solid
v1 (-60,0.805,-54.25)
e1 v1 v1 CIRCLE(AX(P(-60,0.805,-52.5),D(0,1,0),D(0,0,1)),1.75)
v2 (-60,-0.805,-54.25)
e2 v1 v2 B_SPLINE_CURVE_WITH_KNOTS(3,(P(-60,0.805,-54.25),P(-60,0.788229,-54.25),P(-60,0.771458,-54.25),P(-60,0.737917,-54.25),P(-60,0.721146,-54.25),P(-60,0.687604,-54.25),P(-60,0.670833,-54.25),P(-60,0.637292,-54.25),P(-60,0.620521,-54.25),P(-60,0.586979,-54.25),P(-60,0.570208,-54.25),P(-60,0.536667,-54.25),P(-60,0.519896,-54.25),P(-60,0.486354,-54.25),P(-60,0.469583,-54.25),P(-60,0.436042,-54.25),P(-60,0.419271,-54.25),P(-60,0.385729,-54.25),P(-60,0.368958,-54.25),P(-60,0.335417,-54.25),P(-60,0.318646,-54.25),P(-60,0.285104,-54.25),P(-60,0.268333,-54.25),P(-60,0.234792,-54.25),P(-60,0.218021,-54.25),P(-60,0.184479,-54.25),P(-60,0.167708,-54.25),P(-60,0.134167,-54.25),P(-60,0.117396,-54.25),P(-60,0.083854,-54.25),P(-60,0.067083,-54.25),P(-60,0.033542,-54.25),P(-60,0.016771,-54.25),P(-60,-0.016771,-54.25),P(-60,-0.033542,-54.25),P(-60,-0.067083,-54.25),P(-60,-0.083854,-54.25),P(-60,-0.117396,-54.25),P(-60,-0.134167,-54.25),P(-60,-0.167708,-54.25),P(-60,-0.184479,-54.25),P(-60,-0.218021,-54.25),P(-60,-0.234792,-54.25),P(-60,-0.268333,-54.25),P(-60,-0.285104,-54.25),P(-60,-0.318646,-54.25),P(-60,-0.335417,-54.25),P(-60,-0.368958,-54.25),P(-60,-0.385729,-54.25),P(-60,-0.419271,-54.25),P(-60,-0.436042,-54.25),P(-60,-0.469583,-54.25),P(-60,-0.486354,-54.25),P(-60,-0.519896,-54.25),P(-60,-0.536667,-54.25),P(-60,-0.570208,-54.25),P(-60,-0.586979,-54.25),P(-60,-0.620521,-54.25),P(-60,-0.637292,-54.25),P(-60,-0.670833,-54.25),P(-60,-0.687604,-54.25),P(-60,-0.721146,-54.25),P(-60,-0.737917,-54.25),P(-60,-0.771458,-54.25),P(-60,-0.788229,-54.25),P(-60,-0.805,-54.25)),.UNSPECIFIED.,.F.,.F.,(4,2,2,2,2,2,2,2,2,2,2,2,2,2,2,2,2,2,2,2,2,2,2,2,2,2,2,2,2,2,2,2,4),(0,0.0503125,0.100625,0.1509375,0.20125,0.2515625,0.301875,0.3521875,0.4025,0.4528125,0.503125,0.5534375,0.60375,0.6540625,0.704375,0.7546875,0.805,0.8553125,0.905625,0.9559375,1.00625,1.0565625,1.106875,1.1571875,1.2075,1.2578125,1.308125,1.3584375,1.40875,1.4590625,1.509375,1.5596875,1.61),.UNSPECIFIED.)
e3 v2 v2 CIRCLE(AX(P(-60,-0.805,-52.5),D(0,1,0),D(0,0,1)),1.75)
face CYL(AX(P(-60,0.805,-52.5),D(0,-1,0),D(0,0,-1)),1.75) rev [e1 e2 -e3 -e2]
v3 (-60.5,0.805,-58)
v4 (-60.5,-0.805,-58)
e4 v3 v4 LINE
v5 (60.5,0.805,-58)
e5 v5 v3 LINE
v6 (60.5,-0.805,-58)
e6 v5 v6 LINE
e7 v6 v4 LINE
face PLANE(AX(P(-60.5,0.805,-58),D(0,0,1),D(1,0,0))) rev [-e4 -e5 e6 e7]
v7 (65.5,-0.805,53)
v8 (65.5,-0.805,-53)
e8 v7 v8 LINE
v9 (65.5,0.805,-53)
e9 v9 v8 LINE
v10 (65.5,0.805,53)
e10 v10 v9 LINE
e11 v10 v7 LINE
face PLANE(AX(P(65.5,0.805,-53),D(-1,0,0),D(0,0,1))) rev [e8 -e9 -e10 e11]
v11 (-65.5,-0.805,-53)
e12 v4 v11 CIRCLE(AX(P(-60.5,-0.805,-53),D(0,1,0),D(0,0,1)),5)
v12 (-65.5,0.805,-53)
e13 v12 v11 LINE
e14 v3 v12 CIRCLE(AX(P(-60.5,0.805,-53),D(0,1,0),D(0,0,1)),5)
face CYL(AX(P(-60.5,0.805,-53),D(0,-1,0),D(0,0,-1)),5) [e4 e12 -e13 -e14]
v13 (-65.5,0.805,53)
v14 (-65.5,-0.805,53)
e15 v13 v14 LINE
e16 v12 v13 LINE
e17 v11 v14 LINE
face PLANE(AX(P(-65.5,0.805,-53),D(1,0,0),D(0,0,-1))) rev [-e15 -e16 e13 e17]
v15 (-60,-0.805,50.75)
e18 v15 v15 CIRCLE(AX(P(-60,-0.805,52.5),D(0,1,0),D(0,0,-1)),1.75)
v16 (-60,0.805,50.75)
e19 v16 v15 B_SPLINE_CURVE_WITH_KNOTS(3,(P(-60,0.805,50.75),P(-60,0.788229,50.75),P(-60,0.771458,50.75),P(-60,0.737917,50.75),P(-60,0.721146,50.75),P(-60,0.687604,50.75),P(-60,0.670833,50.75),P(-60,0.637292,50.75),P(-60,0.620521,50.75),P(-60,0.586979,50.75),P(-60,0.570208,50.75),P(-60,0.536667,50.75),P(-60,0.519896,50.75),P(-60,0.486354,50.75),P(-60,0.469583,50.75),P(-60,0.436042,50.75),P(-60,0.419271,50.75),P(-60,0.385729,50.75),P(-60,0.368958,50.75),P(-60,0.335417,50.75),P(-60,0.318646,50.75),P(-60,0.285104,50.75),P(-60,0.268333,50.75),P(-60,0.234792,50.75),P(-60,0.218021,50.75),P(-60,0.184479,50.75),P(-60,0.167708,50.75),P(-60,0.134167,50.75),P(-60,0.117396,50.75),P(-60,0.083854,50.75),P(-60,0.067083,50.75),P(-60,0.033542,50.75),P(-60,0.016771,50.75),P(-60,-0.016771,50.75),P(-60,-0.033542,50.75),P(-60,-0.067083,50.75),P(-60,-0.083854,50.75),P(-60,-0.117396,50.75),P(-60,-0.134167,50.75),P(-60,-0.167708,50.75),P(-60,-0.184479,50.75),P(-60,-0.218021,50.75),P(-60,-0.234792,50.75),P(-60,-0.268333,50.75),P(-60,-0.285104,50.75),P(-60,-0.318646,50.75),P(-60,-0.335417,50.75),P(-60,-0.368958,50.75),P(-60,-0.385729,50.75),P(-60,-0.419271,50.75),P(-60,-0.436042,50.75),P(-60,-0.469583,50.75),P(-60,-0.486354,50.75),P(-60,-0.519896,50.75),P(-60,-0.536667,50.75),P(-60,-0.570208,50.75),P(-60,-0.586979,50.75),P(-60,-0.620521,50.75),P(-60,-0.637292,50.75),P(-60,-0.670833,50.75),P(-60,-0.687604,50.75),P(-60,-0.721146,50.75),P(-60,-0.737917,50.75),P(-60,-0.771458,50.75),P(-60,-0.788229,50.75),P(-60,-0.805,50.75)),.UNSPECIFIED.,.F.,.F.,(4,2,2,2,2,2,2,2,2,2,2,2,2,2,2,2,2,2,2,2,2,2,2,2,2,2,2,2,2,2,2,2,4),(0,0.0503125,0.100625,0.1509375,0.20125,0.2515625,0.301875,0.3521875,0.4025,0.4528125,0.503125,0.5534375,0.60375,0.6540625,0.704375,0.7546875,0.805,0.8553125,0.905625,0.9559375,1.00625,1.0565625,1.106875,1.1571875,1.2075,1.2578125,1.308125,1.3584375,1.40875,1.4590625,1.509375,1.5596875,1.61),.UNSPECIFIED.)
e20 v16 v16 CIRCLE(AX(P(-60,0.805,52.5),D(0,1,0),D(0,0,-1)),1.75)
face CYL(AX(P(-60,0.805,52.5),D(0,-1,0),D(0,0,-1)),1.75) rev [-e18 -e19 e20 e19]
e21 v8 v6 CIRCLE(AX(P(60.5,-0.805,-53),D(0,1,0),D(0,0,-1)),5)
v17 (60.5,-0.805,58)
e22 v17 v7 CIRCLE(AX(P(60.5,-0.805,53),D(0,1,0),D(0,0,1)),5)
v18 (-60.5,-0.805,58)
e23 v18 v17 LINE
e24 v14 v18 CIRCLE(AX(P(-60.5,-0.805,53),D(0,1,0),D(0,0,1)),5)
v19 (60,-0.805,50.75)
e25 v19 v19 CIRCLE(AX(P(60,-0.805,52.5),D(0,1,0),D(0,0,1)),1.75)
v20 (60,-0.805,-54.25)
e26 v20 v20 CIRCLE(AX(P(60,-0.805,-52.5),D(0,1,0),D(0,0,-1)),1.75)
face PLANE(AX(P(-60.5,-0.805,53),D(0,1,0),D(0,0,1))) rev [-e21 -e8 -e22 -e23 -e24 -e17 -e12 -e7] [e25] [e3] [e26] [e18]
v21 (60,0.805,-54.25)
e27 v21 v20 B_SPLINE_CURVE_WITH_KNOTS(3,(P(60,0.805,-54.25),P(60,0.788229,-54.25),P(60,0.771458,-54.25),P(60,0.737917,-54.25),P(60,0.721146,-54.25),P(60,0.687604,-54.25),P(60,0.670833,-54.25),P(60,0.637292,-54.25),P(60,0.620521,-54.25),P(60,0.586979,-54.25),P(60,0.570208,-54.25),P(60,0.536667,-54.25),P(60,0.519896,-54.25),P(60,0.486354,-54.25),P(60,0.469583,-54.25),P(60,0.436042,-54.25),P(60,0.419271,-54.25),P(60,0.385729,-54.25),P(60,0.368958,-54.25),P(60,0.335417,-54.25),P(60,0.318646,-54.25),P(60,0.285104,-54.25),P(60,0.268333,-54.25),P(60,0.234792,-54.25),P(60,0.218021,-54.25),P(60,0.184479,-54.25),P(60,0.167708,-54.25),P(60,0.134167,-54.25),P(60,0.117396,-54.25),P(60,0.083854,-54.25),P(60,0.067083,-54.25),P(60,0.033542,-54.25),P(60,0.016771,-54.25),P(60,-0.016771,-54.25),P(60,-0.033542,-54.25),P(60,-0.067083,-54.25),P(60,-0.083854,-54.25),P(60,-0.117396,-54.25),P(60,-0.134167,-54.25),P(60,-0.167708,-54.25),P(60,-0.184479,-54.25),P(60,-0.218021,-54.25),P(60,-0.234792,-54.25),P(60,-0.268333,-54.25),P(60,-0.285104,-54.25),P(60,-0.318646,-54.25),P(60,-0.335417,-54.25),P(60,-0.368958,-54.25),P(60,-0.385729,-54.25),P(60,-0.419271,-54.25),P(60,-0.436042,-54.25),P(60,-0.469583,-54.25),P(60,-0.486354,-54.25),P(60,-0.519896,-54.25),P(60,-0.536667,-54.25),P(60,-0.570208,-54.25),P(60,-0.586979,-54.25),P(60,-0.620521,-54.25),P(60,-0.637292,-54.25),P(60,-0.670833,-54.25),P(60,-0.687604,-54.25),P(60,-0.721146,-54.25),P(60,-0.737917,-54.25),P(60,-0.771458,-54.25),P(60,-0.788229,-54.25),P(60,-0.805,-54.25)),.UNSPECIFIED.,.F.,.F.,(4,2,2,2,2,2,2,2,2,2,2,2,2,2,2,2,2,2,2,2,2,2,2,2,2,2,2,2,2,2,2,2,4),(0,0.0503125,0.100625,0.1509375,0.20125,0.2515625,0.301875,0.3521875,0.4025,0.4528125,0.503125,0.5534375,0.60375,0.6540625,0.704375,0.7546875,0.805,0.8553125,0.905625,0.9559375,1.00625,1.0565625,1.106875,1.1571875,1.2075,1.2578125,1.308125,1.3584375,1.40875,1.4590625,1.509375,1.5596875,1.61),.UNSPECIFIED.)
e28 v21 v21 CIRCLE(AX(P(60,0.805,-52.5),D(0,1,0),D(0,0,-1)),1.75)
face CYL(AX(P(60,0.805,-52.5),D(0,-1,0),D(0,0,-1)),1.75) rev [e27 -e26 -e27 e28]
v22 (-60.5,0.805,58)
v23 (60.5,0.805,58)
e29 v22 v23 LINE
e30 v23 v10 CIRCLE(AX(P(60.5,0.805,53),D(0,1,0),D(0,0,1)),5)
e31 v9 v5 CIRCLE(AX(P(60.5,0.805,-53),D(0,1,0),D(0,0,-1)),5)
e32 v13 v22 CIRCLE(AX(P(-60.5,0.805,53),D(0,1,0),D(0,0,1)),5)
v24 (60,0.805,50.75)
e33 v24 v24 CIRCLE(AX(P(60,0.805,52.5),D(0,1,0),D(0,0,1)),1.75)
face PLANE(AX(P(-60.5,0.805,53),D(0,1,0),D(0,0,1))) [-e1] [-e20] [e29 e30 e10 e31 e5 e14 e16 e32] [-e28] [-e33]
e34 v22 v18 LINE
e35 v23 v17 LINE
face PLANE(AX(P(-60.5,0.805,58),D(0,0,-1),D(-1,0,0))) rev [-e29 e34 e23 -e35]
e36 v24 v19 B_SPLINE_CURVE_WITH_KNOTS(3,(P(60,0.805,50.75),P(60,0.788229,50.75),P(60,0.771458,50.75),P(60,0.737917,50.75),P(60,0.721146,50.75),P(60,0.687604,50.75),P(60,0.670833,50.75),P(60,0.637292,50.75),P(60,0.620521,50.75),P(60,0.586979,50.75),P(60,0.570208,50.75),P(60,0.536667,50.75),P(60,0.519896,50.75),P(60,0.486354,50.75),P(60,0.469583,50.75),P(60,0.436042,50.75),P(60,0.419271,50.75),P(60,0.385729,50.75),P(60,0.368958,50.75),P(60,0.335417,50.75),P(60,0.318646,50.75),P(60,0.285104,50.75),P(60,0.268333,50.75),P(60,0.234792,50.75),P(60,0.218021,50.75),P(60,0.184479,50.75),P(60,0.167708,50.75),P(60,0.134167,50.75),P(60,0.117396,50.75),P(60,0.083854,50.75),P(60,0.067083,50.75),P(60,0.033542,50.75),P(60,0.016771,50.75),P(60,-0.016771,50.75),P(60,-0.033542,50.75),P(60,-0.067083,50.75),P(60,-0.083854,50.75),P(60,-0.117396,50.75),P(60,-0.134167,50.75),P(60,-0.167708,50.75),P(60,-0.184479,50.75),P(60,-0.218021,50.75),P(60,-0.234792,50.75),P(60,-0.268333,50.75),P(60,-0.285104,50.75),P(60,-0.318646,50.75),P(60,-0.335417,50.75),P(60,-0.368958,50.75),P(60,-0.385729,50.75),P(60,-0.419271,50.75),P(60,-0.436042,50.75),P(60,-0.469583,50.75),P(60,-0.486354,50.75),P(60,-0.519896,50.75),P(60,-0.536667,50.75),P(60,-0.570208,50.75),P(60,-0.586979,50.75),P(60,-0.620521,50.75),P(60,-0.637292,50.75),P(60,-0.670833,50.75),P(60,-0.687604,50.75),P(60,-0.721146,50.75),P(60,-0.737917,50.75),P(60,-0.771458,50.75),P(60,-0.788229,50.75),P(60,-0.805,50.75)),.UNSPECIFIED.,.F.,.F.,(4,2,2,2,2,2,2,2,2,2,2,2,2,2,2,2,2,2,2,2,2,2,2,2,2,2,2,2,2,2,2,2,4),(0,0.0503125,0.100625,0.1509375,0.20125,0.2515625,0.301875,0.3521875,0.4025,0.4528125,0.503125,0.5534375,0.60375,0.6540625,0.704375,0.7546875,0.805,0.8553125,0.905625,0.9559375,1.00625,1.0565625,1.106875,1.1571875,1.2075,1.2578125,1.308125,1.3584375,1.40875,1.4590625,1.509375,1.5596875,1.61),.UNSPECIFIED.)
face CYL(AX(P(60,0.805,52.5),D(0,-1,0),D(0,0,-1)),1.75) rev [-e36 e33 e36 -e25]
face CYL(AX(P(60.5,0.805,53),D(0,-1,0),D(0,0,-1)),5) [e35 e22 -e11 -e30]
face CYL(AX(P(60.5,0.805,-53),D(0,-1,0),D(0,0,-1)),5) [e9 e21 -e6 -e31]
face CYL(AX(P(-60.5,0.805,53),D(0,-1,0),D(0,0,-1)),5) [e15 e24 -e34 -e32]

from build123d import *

# Parameters (mm, degrees)
ESQUISSE1_R        = 1.75
BOSS_EXTRU_1_DEPTH = 0.805


with BuildPart() as part:
    # Esquisse1 → Boss.-Extru.1 (new, symmetric)
    with BuildSketch(Plane(origin=(0, 0, 0), x_dir=(1, 0, 0), z_dir=(0, 1, 0))):
        with BuildLine():
            Line((-60.5, 58), (60.5, 58))
            ThreePointArc((60.5, 58), (64.035533906, 56.535533906), (65.5, 53))
            Line((65.5, 53), (65.5, -53))
            ThreePointArc((65.5, -53), (64.035533906, -56.535533906), (60.5, -58))
            Line((60.5, -58), (-60.5, -58))
            ThreePointArc((-60.5, -58), (-64.035533906, -56.535533906), (-65.5, -53))
            Line((-65.5, -53), (-65.5, 53))
            ThreePointArc((-65.5, 53), (-64.035533906, 56.535533906), (-60.5, 58))
        make_face()
        with Locations(Location((-60, 52.5, 0), (0, 0, 90))):
            Circle(ESQUISSE1_R, mode=Mode.SUBTRACT)
        with Locations(Location((60, 52.5, 0), (0, 0, 90))):
            Circle(ESQUISSE1_R, mode=Mode.SUBTRACT)
        with Locations(Location((60, -52.5, 0), (0, 0, 90))):
            Circle(ESQUISSE1_R, mode=Mode.SUBTRACT)
        with Locations(Location((-60, -52.5, 0), (0, 0, 90))):
            Circle(ESQUISSE1_R, mode=Mode.SUBTRACT)
    extrude(amount=BOSS_EXTRU_1_DEPTH, both=True)


solid = part.part
